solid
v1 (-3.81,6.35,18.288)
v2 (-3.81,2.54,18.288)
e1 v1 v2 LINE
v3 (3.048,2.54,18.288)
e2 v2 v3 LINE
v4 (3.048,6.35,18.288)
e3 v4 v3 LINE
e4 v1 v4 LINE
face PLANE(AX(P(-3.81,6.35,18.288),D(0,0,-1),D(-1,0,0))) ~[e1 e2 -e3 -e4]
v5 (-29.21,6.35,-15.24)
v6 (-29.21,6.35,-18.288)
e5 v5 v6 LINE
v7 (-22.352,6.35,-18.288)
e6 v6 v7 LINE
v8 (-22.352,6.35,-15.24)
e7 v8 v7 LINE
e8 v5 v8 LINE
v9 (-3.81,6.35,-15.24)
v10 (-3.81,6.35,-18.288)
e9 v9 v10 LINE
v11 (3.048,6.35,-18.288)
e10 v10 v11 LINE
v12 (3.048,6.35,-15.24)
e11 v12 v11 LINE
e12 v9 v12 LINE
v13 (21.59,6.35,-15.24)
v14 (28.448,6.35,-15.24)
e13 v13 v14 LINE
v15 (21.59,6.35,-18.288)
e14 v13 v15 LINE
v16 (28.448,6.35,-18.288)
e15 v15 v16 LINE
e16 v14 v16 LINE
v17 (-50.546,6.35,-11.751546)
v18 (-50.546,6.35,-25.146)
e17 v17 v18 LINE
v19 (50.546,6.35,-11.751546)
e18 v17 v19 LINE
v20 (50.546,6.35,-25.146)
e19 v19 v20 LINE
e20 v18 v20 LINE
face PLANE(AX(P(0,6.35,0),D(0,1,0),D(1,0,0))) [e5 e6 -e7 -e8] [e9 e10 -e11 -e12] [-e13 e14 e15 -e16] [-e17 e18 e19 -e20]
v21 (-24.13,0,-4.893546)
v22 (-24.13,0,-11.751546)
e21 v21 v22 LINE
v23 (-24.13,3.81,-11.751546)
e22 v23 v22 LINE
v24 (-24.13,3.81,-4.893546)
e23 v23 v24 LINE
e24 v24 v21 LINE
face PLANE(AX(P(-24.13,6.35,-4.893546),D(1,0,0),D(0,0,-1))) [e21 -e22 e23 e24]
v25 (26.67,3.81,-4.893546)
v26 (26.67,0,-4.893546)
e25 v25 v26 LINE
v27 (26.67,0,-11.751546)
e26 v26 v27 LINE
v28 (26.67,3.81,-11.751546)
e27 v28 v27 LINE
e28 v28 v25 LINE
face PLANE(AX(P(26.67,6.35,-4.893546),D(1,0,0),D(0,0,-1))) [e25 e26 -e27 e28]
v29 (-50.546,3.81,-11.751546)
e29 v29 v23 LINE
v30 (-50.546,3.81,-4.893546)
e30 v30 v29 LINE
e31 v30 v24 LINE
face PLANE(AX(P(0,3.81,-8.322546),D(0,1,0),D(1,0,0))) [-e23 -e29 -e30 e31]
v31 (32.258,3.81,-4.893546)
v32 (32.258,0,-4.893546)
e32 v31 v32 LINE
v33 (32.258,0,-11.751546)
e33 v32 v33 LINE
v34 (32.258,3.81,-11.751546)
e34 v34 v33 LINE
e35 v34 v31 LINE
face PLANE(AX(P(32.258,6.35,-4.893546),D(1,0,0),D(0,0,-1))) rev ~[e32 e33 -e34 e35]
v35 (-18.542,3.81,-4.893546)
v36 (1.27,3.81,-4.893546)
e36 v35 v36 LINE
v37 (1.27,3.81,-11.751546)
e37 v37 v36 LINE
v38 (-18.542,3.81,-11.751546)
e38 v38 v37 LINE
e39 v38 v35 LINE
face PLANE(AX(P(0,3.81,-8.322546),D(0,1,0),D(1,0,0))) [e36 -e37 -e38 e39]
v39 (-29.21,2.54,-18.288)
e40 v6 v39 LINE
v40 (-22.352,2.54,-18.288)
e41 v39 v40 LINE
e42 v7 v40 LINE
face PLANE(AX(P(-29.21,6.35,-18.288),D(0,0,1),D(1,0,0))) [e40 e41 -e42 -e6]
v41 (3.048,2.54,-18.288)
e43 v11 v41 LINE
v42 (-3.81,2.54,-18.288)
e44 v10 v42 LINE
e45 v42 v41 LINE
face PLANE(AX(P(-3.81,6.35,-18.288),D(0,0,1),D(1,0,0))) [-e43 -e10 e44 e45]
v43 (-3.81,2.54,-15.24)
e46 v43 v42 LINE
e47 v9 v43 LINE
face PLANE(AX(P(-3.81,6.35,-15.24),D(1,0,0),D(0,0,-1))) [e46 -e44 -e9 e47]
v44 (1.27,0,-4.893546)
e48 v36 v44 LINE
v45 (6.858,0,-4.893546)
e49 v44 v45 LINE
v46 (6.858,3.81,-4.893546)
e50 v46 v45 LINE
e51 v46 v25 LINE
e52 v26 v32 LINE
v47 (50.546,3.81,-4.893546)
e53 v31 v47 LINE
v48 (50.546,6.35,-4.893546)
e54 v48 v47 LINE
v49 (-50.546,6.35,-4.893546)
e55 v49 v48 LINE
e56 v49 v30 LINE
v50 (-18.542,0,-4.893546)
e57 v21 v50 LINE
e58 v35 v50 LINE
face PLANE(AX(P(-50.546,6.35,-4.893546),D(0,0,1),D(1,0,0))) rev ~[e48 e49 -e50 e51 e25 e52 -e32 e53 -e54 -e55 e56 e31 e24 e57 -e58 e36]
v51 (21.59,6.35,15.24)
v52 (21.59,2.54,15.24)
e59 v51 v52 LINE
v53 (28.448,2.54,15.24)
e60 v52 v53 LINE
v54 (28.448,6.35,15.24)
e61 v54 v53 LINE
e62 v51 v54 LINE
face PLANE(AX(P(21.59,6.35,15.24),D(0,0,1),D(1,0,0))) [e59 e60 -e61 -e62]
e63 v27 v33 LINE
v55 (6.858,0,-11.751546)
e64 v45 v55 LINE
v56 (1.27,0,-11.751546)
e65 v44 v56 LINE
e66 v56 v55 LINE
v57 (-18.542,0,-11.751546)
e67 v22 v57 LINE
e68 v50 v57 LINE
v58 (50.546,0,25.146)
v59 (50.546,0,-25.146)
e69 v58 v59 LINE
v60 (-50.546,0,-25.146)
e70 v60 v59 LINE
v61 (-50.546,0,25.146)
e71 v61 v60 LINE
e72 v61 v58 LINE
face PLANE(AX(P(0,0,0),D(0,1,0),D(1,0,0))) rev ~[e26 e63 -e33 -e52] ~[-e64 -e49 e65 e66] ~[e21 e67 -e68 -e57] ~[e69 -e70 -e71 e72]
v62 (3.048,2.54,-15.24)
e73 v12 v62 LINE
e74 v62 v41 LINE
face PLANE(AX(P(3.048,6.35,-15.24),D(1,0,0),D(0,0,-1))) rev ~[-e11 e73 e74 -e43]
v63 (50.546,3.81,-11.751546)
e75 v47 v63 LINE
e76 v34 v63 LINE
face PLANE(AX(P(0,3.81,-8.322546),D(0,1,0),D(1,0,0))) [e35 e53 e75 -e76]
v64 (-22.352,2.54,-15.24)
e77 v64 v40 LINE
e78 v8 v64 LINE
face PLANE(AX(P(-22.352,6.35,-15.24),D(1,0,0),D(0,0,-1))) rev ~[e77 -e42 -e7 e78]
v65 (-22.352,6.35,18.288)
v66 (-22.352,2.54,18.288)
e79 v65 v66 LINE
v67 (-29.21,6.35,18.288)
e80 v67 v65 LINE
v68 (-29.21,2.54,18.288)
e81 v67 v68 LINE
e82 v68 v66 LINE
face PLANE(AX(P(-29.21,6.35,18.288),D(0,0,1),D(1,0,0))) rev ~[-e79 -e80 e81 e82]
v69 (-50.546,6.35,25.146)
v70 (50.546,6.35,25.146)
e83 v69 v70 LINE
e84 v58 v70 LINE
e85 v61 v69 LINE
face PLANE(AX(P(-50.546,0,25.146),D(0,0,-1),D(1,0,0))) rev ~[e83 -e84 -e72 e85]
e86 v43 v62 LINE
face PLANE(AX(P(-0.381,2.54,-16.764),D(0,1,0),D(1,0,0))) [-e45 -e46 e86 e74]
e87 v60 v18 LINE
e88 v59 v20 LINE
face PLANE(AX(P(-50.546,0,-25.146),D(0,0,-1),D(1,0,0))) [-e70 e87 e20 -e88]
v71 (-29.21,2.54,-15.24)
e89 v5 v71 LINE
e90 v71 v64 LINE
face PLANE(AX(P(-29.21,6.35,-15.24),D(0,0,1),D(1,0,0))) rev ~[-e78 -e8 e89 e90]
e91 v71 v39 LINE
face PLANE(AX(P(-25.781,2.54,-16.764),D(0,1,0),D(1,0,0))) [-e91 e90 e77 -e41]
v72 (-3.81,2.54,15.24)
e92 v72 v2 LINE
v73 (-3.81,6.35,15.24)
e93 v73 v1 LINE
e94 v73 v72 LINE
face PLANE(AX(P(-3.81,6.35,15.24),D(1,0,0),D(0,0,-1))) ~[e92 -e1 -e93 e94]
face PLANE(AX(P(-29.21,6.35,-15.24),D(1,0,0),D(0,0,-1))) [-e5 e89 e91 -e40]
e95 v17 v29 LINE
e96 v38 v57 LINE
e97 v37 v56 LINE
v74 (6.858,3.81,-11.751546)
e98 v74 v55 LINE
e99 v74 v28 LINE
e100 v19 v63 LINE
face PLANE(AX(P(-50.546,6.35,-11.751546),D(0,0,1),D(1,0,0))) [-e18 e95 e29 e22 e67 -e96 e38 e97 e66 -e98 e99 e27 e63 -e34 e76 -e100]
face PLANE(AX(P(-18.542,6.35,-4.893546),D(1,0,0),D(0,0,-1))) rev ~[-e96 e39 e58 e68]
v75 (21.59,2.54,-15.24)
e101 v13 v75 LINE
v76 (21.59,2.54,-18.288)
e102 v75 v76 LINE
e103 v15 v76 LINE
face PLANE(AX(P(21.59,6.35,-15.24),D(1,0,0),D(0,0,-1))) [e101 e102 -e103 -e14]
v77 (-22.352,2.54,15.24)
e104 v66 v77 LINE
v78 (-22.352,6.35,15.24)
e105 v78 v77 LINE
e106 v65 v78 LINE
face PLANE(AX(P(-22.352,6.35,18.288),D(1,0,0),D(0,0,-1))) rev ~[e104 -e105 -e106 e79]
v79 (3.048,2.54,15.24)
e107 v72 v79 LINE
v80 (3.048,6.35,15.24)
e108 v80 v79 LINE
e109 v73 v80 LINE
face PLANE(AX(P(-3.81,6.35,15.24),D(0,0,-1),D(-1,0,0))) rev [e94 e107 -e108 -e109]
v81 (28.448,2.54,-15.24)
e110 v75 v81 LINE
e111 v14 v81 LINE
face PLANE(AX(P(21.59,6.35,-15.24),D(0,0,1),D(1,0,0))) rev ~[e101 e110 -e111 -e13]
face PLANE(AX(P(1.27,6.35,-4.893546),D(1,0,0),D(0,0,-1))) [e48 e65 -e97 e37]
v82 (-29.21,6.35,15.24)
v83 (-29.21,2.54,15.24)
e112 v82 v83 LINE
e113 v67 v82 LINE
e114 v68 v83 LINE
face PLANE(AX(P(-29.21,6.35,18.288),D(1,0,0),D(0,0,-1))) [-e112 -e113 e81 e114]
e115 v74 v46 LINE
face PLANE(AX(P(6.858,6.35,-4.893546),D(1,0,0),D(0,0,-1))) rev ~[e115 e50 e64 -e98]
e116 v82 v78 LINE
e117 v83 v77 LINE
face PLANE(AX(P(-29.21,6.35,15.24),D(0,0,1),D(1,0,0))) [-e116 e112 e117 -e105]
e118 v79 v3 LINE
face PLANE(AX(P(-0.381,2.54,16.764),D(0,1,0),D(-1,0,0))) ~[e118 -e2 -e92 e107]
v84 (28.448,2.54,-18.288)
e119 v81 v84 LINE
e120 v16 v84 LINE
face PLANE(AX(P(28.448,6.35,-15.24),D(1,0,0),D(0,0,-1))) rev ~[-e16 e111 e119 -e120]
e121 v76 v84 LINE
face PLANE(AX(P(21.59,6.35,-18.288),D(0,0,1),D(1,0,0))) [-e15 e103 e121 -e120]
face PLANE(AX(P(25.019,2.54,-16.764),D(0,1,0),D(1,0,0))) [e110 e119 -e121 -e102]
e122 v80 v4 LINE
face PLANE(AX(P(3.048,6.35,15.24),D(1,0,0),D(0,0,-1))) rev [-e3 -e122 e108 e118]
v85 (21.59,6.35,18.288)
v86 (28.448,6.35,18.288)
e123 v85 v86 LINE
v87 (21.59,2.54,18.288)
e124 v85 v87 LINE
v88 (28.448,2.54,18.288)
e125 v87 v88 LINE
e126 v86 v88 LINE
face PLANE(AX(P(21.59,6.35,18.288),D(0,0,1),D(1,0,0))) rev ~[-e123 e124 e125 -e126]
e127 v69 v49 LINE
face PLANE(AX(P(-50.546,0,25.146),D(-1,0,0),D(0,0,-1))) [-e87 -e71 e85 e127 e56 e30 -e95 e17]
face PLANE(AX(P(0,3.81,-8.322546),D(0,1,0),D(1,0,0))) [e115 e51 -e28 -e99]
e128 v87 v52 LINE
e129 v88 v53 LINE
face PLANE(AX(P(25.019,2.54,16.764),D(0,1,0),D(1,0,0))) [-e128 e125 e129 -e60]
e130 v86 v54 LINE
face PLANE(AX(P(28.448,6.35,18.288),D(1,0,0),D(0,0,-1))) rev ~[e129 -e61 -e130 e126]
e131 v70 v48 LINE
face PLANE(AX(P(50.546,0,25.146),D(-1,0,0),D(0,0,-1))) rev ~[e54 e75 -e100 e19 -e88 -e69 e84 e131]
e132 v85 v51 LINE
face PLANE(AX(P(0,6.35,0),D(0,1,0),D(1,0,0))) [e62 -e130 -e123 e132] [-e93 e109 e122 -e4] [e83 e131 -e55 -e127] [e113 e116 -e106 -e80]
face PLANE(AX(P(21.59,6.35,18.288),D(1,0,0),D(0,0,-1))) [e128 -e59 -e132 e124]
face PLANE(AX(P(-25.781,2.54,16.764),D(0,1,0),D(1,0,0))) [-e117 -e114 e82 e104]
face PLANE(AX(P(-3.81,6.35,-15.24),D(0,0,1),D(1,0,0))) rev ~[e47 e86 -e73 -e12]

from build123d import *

# Parameters (mm, degrees)
SKETCH1_W                     = 101.092
SKETCH1_H                     = 50.292
BOSS_EXTRUDE1_DEPTH           = 6.35
SKETCH2_W                     = 5.588
SKETCH2_H                     = 6.858
WIRE_HOLE_DEPTH               = 7.35
SKETCH3_W                     = 6.858
SKETCH3_H                     = 3.048
CUT_EXTRUDE2_DEPTH            = 3.81
LPATTERN1_COUNT               = 2
LPATTERN1_PITCH               = 25.4
LPATTERN1_COPY_1_SKETCH_W     = 6.858
LPATTERN1_COPY_1_SKETCH_H     = 3.048
LPATTERN1_COPY_1_DEPTH        = 3.81
LPATTERN1_COL_COUNT           = 2
LPATTERN1_COL_PITCH           = 25.4
LPATTERN1_COL_COPY_1_SKETCH_W = 6.858
LPATTERN1_COL_COPY_1_SKETCH_H = 3.048
LPATTERN1_COL_COPY_1_DEPTH    = 3.81
SKETCH4_W                     = 101.092
SKETCH4_H                     = 6.858
CUT_EXTRUDE3_DEPTH            = 2.54


with BuildPart() as part:
    # Sketch1 → Boss-Extrude1 (new body)
    with BuildSketch(Plane(origin=(0, 0, 0), x_dir=(1, 0, 0), z_dir=(0, 1, 0))):
        Rectangle(SKETCH1_W, SKETCH1_H)
    extrude(amount=BOSS_EXTRUDE1_DEPTH)

    # Sketch2 → Wire Hole (cut, through all)
    with BuildSketch(Plane(origin=(0, 6.35, 0), x_dir=(1, 0, 0), z_dir=(0, 1, 0))):
        with Locations((4.064, 8.322545685)):
            Rectangle(SKETCH2_W, SKETCH2_H)
    wire_hole = extrude(amount=-WIRE_HOLE_DEPTH, mode=Mode.SUBTRACT)

    # Sketch3 → Cut-Extrude2 (cut)
    with BuildSketch(Plane(origin=(0, 6.35, 0), x_dir=(1, 0, 0), z_dir=(0, 1, 0))):
        with Locations((-0.381, 16.764)):
            Rectangle(SKETCH3_W, SKETCH3_H)
    cut_extrude2 = extrude(amount=-CUT_EXTRUDE2_DEPTH, mode=Mode.SUBTRACT)

    # Mirror1: Cut-Extrude2 across plane
    add(cut_extrude2.mirror(Plane.XY), mode=Mode.SUBTRACT)

    # LPattern1: Wire Hole, Cut-Extrude2 ×2
    with Locations(*[(-i * LPATTERN1_PITCH, 0, 0) for i in range(1, LPATTERN1_COUNT)]):
        add(wire_hole, mode=Mode.SUBTRACT)
        add(cut_extrude2, mode=Mode.SUBTRACT)

    # LPattern1 copy 1 sketch → LPattern1 copy 1 (cut)
    with BuildSketch(Plane(origin=(-25.4, 6.35, 0), x_dir=(1, 0, 0), z_dir=(0, 1, 0))):
        with Locations((-0.381, -16.764)):
            Rectangle(LPATTERN1_COPY_1_SKETCH_W, LPATTERN1_COPY_1_SKETCH_H)
    extrude(amount=-LPATTERN1_COPY_1_DEPTH, mode=Mode.SUBTRACT)

    # LPattern1 col: Wire Hole, Cut-Extrude2 ×2
    with Locations(*[(i * LPATTERN1_COL_PITCH, 0, 0) for i in range(1, LPATTERN1_COL_COUNT)]):
        add(wire_hole, mode=Mode.SUBTRACT)
        add(cut_extrude2, mode=Mode.SUBTRACT)

    # LPattern1 col copy 1 sketch → LPattern1 col copy 1 (cut)
    with BuildSketch(Plane(origin=(25.4, 6.35, 0), x_dir=(1, 0, 0), z_dir=(0, 1, 0))):
        with Locations((-0.381, -16.764)):
            Rectangle(LPATTERN1_COL_COPY_1_SKETCH_W, LPATTERN1_COL_COPY_1_SKETCH_H)
    extrude(amount=-LPATTERN1_COL_COPY_1_DEPTH, mode=Mode.SUBTRACT)

    # Sketch4 → Cut-Extrude3 (cut)
    with BuildSketch(Plane(origin=(0, 6.35, 0), x_dir=(1, 0, 0), z_dir=(0, 1, 0))):
        with Locations((0, 8.322545685)):
            Rectangle(SKETCH4_W, SKETCH4_H)
    extrude(amount=-CUT_EXTRUDE3_DEPTH, mode=Mode.SUBTRACT)


solid = part.part
